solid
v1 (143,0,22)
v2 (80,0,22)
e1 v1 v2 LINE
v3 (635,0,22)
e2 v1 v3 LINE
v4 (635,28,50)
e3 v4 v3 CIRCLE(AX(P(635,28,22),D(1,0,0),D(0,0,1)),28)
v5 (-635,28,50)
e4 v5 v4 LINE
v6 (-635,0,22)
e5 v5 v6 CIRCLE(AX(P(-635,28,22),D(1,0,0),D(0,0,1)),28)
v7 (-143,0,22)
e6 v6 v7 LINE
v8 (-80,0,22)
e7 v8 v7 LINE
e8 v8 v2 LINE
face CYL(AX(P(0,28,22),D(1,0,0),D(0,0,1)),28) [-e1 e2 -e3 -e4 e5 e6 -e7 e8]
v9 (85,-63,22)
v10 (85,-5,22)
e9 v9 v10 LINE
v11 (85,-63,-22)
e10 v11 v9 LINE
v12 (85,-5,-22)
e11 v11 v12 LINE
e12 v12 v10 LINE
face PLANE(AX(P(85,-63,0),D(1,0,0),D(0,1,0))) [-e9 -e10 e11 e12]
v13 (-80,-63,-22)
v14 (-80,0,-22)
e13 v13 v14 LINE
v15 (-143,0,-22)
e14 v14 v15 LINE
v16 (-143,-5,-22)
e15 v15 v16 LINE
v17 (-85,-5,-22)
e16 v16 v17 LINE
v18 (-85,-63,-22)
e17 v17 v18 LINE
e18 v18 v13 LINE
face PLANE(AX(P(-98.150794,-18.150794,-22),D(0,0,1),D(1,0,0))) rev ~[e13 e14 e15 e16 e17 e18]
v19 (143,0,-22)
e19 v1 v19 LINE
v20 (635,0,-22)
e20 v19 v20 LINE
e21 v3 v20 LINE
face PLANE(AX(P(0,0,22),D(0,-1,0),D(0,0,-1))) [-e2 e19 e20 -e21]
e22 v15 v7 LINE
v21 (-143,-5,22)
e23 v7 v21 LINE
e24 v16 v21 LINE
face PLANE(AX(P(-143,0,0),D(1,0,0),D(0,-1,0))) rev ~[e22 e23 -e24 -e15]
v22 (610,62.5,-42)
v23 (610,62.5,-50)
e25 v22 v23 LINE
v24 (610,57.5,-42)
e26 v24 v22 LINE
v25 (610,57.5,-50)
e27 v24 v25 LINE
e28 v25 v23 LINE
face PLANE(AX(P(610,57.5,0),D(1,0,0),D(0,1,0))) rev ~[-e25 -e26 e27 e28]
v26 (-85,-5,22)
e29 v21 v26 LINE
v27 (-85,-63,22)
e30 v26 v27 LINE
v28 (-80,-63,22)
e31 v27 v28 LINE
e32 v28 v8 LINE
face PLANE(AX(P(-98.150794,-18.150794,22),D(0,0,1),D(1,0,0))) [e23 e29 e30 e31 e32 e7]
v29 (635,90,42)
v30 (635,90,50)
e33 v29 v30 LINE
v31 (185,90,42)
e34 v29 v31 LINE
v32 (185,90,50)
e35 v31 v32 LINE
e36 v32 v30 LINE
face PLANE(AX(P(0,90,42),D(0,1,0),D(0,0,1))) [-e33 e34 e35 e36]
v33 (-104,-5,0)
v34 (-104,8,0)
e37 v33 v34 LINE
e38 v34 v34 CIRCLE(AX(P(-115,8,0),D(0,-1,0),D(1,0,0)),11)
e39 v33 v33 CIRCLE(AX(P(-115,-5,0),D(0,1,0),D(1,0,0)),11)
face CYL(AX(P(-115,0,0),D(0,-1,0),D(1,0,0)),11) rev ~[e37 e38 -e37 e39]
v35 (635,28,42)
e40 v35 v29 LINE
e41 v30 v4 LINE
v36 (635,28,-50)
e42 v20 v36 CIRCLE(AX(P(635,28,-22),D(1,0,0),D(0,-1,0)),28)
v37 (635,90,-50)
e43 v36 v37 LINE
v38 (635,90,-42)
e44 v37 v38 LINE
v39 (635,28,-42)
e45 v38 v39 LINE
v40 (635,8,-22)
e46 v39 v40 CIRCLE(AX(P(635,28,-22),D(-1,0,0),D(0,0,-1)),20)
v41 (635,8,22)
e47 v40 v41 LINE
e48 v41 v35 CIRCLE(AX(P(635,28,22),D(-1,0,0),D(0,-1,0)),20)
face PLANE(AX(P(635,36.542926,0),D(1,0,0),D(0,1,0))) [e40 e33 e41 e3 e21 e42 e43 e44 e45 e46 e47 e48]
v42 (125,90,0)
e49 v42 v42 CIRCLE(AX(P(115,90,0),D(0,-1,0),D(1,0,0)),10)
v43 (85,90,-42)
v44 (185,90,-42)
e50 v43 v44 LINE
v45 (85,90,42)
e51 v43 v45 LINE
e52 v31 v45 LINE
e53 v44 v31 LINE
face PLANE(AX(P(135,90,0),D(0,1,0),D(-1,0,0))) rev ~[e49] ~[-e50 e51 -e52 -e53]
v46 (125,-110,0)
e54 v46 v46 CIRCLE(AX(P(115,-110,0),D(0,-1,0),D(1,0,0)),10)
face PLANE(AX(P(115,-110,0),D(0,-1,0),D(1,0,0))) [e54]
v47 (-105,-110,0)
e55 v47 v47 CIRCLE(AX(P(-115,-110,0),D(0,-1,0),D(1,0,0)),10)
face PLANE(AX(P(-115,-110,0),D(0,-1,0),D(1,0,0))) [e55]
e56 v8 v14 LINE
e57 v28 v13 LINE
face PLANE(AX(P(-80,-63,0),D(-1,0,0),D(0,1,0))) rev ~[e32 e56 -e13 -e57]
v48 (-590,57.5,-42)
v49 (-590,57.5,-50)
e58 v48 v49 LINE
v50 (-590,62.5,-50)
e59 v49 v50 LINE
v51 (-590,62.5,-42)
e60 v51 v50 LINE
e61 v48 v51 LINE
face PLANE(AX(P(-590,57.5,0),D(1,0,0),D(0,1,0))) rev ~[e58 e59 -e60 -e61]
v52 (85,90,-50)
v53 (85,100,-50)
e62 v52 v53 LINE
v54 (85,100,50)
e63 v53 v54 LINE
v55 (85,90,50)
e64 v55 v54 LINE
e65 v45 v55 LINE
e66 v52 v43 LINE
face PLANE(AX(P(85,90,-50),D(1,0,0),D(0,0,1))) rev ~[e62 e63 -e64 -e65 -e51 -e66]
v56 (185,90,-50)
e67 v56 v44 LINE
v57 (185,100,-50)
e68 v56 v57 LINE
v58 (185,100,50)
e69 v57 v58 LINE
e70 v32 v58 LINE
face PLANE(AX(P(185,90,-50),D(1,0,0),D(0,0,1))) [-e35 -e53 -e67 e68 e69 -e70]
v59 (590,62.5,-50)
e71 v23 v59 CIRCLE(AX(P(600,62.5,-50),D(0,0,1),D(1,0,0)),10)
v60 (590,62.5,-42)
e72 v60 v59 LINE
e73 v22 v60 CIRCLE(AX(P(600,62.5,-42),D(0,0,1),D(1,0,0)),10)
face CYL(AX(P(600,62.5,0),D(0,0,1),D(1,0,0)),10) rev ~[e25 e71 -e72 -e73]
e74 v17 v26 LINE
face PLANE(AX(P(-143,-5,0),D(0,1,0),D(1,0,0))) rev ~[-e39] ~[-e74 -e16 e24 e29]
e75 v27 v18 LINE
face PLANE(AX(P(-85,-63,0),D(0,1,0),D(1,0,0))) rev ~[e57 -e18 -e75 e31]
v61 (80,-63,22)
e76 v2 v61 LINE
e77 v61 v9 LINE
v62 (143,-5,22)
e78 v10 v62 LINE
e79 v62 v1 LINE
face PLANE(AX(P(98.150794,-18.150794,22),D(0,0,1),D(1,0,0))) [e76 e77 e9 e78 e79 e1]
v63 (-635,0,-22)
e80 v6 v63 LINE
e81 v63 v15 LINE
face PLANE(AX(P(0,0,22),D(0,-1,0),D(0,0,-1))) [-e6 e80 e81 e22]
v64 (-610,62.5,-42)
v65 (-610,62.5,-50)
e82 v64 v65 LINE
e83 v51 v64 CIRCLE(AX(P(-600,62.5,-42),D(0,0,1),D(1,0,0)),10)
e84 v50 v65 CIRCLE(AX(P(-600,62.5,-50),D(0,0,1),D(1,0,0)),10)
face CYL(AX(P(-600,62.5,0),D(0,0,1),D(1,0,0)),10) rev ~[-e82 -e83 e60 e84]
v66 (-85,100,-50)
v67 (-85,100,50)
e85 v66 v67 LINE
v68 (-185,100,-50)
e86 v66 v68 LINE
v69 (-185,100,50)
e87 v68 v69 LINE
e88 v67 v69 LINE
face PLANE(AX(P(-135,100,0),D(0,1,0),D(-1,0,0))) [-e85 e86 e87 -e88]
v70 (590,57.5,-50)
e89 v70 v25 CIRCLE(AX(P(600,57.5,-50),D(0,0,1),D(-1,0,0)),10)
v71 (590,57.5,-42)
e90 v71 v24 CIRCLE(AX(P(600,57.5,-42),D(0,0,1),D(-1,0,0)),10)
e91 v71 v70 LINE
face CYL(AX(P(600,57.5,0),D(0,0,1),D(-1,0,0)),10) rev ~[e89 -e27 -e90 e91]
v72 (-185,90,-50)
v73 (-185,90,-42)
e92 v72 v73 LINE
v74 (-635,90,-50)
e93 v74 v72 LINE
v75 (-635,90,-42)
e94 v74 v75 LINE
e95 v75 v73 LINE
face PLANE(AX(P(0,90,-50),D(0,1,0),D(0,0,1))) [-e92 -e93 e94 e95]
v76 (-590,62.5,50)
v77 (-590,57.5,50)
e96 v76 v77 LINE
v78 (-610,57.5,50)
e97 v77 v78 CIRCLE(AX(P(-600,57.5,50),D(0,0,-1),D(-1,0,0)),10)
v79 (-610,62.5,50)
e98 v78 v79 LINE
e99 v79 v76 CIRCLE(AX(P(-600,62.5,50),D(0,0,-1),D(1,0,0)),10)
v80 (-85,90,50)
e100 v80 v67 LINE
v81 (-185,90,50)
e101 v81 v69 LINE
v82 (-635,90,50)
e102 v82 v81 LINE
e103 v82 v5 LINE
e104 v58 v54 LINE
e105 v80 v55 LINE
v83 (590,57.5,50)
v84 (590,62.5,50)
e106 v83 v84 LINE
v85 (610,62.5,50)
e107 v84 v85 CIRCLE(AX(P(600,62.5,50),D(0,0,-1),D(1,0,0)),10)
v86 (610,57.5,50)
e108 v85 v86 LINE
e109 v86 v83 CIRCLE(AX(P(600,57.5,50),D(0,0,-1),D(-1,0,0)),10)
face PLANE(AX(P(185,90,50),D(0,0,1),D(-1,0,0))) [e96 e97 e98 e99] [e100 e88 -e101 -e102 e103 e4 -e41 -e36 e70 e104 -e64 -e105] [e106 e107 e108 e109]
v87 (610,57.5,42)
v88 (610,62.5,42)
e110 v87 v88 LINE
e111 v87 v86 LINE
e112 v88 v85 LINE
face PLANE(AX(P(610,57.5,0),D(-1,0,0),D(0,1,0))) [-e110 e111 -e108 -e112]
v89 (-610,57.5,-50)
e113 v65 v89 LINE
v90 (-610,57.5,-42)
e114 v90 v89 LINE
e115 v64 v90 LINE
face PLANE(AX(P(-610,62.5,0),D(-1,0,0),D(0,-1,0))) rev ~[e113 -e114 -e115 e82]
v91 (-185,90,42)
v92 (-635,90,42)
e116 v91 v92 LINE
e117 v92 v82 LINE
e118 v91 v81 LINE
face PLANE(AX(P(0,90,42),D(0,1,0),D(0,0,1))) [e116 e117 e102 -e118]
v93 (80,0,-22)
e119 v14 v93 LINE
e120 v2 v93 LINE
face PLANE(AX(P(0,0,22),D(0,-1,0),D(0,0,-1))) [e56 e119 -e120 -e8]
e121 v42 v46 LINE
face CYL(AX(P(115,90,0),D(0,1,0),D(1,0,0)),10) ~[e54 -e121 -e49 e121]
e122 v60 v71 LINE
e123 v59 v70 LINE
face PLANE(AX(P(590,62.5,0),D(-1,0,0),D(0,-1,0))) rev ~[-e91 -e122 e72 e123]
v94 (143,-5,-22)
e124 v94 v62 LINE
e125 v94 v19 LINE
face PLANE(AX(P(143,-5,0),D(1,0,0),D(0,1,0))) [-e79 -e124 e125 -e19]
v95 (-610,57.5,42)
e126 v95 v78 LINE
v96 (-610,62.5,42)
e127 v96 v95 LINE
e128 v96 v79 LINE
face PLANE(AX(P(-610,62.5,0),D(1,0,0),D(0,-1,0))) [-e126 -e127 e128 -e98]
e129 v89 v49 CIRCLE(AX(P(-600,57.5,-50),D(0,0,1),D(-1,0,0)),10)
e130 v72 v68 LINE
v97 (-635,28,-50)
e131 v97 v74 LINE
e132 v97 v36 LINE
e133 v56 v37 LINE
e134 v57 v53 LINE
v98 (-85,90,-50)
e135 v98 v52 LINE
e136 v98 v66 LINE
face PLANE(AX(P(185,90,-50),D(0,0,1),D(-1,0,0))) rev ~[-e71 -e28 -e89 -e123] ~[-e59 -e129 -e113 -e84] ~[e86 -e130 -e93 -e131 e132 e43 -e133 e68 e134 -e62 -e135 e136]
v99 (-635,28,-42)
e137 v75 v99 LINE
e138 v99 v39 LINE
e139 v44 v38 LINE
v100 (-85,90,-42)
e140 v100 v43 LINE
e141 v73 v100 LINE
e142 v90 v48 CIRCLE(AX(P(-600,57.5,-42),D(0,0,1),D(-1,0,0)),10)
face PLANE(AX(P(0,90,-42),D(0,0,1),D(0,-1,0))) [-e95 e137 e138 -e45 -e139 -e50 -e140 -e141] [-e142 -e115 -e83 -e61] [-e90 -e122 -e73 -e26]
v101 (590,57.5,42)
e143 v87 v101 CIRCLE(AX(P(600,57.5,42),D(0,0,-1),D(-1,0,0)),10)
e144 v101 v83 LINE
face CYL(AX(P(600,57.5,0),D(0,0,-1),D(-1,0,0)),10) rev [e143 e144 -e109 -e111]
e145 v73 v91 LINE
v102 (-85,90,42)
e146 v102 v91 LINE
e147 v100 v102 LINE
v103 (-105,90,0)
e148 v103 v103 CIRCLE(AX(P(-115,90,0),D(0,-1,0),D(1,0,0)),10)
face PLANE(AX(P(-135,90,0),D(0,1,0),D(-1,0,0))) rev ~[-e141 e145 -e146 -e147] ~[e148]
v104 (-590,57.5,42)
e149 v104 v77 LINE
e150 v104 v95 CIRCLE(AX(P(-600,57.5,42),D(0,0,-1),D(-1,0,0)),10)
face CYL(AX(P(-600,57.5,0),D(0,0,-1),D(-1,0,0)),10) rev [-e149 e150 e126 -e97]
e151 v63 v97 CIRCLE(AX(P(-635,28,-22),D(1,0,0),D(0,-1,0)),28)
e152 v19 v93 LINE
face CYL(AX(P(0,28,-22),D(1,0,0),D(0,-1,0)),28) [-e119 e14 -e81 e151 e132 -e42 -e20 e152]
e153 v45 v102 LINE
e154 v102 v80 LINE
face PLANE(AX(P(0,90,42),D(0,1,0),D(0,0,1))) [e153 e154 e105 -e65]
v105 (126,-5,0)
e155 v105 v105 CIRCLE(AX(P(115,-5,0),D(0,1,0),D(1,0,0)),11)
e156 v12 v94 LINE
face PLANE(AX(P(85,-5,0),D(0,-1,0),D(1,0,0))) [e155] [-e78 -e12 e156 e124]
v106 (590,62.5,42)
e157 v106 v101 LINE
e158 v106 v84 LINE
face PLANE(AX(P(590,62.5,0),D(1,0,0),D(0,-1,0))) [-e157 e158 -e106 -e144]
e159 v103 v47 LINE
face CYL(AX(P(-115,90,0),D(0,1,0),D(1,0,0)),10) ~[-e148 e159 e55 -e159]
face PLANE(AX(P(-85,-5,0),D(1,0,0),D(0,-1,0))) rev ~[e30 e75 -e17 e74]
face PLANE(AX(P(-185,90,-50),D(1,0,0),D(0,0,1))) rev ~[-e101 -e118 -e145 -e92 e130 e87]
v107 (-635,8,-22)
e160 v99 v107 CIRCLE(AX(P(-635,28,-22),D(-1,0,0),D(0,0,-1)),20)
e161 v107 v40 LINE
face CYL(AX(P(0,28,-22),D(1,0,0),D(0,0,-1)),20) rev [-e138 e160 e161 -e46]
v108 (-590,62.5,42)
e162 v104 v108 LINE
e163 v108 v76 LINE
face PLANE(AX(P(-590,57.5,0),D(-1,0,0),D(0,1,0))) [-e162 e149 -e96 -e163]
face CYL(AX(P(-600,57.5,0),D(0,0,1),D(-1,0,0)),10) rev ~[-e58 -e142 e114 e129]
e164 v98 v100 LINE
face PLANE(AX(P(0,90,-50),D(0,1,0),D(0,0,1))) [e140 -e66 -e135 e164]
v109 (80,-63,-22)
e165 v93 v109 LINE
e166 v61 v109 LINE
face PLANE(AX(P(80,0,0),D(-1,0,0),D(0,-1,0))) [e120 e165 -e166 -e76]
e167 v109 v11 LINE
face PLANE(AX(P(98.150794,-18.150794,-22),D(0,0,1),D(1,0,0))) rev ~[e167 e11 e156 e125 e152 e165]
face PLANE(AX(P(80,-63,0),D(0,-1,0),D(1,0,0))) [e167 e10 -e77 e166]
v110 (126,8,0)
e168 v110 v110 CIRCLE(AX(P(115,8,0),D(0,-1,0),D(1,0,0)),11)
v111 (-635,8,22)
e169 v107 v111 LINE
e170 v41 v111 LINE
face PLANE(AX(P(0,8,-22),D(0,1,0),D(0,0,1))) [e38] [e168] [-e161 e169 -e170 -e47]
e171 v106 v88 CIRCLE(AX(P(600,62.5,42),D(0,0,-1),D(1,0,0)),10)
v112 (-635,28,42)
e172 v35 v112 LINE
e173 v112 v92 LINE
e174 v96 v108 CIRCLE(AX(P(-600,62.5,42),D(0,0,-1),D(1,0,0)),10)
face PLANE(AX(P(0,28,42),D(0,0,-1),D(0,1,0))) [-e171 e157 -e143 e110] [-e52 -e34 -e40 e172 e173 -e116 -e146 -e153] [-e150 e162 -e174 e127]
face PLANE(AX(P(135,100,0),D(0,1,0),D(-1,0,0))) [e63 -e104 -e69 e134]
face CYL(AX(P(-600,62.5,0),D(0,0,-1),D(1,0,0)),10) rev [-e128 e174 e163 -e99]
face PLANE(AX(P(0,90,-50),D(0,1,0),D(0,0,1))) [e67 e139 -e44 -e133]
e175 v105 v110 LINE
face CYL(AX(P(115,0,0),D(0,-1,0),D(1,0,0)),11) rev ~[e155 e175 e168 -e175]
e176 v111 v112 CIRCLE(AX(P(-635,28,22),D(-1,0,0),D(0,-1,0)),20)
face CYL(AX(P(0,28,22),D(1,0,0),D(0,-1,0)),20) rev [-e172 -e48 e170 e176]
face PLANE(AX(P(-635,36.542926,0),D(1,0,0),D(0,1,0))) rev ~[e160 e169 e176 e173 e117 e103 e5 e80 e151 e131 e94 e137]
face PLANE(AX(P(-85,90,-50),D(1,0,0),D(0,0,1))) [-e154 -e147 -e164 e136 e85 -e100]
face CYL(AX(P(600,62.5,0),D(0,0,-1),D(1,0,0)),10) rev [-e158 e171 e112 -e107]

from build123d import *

# Parameters (mm, degrees)
F1_DEPTH      = 635
F3_DEPTH      = 22
F4_W          = 100
F4_H          = 100
F5_DEPTH      = 10
F6_R          = 11
F7_DEPTH      = 8
F7_DEPTH_BACK = 63.001
F9_DEPTH      = 50.001
F9_DEPTH_BACK = 50.001
F10_R         = 10
F11_DEPTH     = 200


with BuildPart() as f1:
    # F0 (on Right) → F1 (new body, symmetric)
    with BuildSketch(Plane.YZ):
        with BuildLine():
            Line((90, 42), (90, 50))
            Line((90, 50), (28, 50))
            ThreePointArc((28, 50), (8.2010101268, 41.7989898732), (0, 22))
            Line((0, 22), (0, -22))
            ThreePointArc((0, -22), (8.2010101268, -41.7989898732), (28, -50))
            Line((28, -50), (90, -50))
            Line((90, -50), (90, -42))
            Line((90, -42), (28, -42))
            ThreePointArc((28, -42), (13.8578643763, -36.1421356237), (8, -22))
            Line((8, -22), (8, 22))
            ThreePointArc((8, 22), (13.8578643763, 36.1421356237), (28, 42))
            Line((28, 42), (90, 42))
        make_face()
    extrude(amount=F1_DEPTH, both=True)

    # F2 (on Top) → F3 (join, symmetric)
    with BuildSketch(Plane.XY):
        Polygon((-80, 0), (-143, 0), (-143, -5), (-85, -5), (-85, -63), (-80, -63), align=None)
        Polygon((80, -63), (85, -63), (85, -5), (143, -5), (143, 0), (80, 0), align=None)
    extrude(amount=F3_DEPTH, both=True)

    # F4 (on face) → F5 (join)
    with BuildSketch(Plane(origin=(0, 90, 0), x_dir=(-1, 0, 0), z_dir=(0, 1, 0))):
        with Locations((-135, 0)):
            Rectangle(F4_W, F4_H)
        with Locations((135, 0)):
            Rectangle(F4_W, F4_H)
    extrude(amount=F5_DEPTH)

    # F6 (on Front) → F7 (cut, two sides)
    with BuildSketch(Plane.XZ) as f7_sk:
        with Locations((-115, 0)):
            Circle(F6_R)
        with Locations((115, 0)):
            Circle(F6_R)
    extrude(amount=-F7_DEPTH, mode=Mode.SUBTRACT)
    extrude(f7_sk.sketch, amount=F7_DEPTH_BACK, mode=Mode.SUBTRACT)

    # F8 (on Top) → F9 (cut, two sides)
    with BuildSketch(Plane.XY) as f9_sk:
        with BuildLine():
            Line((-590, 57.5), (-590, 62.5))
            ThreePointArc((-590, 62.5), (-600, 72.5), (-610, 62.5))
            Line((-610, 62.5), (-610, 57.5))
            ThreePointArc((-610, 57.5), (-600, 47.5), (-590, 57.5))
        make_face()
        with BuildLine():
            ThreePointArc((610, 62.5), (600, 72.5), (590, 62.5))
            Line((590, 62.5), (590, 57.5))
            ThreePointArc((590, 57.5), (600, 47.5), (610, 57.5))
            Line((610, 57.5), (610, 62.5))
        make_face()
    extrude(amount=F9_DEPTH, mode=Mode.SUBTRACT)
    extrude(f9_sk.sketch, amount=-F9_DEPTH_BACK, mode=Mode.SUBTRACT)

    # F10 (on face) → F11 (join)
    with BuildSketch(Plane.XZ.offset(-90)):
        with Locations((-115, 0)):
            Circle(F10_R)
        with Locations((115, 0)):
            Circle(F10_R)
    extrude(amount=F11_DEPTH)


solid = f1.part
